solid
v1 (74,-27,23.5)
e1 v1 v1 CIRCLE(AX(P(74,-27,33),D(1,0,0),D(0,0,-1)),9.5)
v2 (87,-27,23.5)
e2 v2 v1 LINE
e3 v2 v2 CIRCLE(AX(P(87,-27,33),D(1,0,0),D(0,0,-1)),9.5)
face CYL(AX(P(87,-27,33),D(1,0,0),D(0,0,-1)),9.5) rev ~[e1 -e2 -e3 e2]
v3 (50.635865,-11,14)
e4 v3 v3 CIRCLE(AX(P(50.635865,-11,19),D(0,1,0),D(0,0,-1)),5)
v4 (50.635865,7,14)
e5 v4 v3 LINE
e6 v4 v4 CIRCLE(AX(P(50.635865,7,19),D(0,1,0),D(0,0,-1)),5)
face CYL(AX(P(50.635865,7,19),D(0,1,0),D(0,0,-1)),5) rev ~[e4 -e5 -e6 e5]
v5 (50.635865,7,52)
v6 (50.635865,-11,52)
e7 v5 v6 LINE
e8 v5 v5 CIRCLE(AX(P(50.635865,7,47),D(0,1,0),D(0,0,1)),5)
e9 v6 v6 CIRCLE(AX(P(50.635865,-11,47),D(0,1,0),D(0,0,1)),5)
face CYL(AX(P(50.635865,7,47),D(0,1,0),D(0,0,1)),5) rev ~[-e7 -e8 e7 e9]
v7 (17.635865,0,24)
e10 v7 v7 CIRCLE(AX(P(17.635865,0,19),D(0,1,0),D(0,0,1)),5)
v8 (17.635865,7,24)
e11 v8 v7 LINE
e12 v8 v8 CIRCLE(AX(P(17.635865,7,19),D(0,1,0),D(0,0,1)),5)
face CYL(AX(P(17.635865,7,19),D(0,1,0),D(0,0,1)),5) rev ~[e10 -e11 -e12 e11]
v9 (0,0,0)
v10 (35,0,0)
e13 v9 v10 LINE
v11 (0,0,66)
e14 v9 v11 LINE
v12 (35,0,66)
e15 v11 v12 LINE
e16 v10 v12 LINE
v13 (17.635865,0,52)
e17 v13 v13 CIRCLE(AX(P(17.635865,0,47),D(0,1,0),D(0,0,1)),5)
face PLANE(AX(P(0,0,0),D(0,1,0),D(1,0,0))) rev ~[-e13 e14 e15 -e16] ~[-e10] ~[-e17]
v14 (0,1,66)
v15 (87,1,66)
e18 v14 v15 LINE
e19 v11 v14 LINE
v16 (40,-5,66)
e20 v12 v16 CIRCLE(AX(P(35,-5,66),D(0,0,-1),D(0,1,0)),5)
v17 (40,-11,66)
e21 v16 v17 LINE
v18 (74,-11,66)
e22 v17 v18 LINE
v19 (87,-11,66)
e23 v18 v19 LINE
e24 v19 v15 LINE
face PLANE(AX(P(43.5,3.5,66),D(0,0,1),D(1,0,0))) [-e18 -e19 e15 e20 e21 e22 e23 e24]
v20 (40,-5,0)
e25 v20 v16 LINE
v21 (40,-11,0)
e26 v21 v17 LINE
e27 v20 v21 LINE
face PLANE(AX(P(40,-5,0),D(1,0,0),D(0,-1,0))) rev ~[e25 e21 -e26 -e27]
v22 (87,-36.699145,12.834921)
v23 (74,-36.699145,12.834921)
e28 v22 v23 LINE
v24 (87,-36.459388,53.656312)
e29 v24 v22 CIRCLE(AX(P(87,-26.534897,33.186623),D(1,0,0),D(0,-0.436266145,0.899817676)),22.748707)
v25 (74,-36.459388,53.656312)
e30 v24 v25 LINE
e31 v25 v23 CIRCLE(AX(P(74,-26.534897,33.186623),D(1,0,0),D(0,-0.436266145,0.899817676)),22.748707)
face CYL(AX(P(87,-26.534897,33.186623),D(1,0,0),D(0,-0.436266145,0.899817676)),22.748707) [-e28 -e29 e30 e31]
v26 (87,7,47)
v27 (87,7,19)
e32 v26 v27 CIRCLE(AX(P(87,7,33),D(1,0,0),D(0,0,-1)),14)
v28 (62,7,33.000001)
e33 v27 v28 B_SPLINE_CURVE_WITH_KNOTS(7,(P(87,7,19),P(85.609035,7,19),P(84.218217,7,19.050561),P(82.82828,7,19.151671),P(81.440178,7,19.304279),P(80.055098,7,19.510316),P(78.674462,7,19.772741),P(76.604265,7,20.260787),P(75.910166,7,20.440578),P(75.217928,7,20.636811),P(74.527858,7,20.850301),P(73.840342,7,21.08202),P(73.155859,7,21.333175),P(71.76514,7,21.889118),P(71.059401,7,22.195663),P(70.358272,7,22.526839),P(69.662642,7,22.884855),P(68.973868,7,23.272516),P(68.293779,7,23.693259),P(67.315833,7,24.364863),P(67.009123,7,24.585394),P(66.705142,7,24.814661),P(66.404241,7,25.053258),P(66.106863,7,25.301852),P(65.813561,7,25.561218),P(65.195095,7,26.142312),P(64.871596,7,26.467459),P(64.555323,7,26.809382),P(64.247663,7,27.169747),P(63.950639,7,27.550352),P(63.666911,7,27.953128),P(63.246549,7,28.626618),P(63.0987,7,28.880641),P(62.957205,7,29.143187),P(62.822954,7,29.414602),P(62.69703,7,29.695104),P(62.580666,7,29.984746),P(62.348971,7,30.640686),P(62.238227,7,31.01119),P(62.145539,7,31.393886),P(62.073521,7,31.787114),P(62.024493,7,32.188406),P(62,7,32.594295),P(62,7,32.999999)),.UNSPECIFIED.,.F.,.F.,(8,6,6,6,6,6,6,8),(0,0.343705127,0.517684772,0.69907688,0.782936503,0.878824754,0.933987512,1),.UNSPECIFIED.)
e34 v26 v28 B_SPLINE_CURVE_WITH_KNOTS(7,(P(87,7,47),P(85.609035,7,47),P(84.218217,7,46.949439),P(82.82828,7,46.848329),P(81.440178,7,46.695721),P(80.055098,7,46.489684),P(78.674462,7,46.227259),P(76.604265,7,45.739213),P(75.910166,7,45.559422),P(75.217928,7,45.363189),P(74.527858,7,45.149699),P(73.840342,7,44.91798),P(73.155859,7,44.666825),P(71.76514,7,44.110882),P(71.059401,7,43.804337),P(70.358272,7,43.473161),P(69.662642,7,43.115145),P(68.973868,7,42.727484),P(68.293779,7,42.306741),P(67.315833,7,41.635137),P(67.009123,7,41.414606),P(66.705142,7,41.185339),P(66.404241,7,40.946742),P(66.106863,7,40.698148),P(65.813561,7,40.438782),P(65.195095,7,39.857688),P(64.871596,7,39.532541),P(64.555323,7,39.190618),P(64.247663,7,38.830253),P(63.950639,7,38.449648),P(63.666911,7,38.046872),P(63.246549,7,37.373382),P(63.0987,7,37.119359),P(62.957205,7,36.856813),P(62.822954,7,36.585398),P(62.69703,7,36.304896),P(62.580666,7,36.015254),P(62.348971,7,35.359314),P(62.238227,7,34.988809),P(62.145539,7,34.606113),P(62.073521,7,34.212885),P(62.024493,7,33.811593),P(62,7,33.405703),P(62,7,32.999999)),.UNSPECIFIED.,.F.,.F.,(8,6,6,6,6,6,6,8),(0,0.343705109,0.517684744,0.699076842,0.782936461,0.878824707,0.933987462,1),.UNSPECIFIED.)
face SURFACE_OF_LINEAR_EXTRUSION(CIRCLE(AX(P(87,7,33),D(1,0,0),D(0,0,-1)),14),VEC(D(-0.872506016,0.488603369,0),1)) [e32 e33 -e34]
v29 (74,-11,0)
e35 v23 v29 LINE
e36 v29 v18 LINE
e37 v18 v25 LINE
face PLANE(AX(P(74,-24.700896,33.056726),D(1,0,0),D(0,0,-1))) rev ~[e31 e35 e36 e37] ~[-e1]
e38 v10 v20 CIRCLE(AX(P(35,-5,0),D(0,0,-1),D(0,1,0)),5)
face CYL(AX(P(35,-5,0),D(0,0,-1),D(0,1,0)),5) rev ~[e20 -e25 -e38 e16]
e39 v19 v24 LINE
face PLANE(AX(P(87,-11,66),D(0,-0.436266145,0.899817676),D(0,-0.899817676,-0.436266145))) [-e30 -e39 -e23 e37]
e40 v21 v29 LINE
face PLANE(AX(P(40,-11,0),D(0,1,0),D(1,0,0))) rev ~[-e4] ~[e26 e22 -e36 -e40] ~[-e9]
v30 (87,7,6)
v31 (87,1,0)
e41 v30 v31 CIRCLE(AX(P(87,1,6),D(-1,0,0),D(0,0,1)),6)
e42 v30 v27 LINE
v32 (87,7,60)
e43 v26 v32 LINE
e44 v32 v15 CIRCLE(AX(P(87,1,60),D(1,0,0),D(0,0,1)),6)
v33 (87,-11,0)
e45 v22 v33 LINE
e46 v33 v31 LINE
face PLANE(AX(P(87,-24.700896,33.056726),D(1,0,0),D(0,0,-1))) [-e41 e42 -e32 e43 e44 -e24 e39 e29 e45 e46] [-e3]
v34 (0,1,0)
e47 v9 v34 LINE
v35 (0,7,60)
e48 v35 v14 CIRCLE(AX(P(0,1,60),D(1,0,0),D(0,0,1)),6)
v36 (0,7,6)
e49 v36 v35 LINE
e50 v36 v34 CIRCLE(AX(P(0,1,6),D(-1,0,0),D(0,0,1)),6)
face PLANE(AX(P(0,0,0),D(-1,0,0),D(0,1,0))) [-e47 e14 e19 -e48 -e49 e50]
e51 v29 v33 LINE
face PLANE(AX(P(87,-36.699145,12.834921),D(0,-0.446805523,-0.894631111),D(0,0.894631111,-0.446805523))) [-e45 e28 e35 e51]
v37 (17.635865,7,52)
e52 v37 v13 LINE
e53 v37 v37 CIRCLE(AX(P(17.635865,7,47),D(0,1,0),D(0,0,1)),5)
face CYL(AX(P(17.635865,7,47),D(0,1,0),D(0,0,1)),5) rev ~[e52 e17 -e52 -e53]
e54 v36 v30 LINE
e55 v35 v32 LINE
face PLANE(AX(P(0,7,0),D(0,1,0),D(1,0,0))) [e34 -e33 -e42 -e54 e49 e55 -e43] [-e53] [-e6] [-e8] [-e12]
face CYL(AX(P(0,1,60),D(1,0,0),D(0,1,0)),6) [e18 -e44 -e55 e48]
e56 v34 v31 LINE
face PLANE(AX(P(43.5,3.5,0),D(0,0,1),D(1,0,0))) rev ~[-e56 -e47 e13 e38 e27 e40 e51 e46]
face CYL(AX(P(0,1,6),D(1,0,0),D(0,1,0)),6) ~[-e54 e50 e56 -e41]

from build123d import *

# Parameters (mm, degrees)
SKETCH1_W           = 87
SKETCH1_H           = 7
BOSS_EXTRUDE1_DEPTH = 66
FILLET1_R           = 6
SKETCH2_R           = 5
CUT_EXTRUDE1_DEPTH  = 111.675200474
SKETCH3_R           = 9.5
BOSS_EXTRUDE2_DEPTH = 13
SKETCH9_R           = 14


with BuildPart() as part:
    # Sketch1 → Boss-Extrude1 (new body)
    with BuildSketch(Plane.XY):
        with Locations((43.5, 3.5)):
            Rectangle(SKETCH1_W, SKETCH1_H)
        with BuildLine():
            ThreePointArc((35, 0), (38.535533906, -1.464466094), (40, -5))
            Line((40, -5), (40, -11))
            Line((40, -11), (87, -11))
            Line((87, -11), (87, 0))
            Line((87, 0), (35, 0))
        make_face()
    extrude(amount=BOSS_EXTRUDE1_DEPTH)

    # Fillet1
    fillet1_edges = [part.edges().sort_by_distance(p)[0] for p in [
        (43.5, 7, 66),
        (43.5, 7, 0),
    ]]
    fillet(fillet1_edges, radius=FILLET1_R)

    # Sketch2 → Cut-Extrude1 (cut, through all)
    with BuildSketch(Plane(origin=(0, 7, 0), x_dir=(1, 0, 0), z_dir=(0, 1, 0))):
        with Locations(Location((50.635865221, -47, 0), (0, 0, 270))):
            Circle(SKETCH2_R)
        with Locations(Location((17.635865221, -47, 0), (0, 0, 270))):
            Circle(SKETCH2_R)
        with Locations(Location((50.635865221, -19, 0), (0, 0, 90))):
            Circle(SKETCH2_R)
        with Locations(Location((17.635865221, -19, 0), (0, 0, 270))):
            Circle(SKETCH2_R)
    extrude(amount=-CUT_EXTRUDE1_DEPTH, mode=Mode.SUBTRACT)

    # Sketch3 → Boss-Extrude2 (add)
    with BuildSketch(Plane(origin=(87, 0, 0), x_dir=(0, 0, -1), z_dir=(1, 0, 0))):
        with BuildLine():
            Line((0, -11), (-66, -11))
            Line((-66, -11), (-53.656311688, -36.45938769))
            ThreePointArc((-53.656311688, -36.45938769), (-33.320230855, -49.283211846), (-12.834921269, -36.699144903))
            Line((-12.834921269, -36.699144903), (0, -11))
        make_face()
        with Locations((-33, -27)):
            Circle(SKETCH3_R, mode=Mode.SUBTRACT)
    extrude(amount=-BOSS_EXTRUDE2_DEPTH)

    # Cut-Sweep4: sweep along a path in Sketch8
    with BuildLine(Plane.XY.offset(33)) as cut_sweep4_path:
        Line((87, -7), (62, 7))
    # Sketch9 → Cut-Sweep4 (sweep, cut)
    with BuildSketch(Plane(origin=(87, 0, 0), x_dir=(0, 0, -1), z_dir=(1, 0, 0))):
        with Locations((-33, 7)):
            Circle(SKETCH9_R)
    sweep(path=cut_sweep4_path.line, mode=Mode.SUBTRACT)


solid = part.part
